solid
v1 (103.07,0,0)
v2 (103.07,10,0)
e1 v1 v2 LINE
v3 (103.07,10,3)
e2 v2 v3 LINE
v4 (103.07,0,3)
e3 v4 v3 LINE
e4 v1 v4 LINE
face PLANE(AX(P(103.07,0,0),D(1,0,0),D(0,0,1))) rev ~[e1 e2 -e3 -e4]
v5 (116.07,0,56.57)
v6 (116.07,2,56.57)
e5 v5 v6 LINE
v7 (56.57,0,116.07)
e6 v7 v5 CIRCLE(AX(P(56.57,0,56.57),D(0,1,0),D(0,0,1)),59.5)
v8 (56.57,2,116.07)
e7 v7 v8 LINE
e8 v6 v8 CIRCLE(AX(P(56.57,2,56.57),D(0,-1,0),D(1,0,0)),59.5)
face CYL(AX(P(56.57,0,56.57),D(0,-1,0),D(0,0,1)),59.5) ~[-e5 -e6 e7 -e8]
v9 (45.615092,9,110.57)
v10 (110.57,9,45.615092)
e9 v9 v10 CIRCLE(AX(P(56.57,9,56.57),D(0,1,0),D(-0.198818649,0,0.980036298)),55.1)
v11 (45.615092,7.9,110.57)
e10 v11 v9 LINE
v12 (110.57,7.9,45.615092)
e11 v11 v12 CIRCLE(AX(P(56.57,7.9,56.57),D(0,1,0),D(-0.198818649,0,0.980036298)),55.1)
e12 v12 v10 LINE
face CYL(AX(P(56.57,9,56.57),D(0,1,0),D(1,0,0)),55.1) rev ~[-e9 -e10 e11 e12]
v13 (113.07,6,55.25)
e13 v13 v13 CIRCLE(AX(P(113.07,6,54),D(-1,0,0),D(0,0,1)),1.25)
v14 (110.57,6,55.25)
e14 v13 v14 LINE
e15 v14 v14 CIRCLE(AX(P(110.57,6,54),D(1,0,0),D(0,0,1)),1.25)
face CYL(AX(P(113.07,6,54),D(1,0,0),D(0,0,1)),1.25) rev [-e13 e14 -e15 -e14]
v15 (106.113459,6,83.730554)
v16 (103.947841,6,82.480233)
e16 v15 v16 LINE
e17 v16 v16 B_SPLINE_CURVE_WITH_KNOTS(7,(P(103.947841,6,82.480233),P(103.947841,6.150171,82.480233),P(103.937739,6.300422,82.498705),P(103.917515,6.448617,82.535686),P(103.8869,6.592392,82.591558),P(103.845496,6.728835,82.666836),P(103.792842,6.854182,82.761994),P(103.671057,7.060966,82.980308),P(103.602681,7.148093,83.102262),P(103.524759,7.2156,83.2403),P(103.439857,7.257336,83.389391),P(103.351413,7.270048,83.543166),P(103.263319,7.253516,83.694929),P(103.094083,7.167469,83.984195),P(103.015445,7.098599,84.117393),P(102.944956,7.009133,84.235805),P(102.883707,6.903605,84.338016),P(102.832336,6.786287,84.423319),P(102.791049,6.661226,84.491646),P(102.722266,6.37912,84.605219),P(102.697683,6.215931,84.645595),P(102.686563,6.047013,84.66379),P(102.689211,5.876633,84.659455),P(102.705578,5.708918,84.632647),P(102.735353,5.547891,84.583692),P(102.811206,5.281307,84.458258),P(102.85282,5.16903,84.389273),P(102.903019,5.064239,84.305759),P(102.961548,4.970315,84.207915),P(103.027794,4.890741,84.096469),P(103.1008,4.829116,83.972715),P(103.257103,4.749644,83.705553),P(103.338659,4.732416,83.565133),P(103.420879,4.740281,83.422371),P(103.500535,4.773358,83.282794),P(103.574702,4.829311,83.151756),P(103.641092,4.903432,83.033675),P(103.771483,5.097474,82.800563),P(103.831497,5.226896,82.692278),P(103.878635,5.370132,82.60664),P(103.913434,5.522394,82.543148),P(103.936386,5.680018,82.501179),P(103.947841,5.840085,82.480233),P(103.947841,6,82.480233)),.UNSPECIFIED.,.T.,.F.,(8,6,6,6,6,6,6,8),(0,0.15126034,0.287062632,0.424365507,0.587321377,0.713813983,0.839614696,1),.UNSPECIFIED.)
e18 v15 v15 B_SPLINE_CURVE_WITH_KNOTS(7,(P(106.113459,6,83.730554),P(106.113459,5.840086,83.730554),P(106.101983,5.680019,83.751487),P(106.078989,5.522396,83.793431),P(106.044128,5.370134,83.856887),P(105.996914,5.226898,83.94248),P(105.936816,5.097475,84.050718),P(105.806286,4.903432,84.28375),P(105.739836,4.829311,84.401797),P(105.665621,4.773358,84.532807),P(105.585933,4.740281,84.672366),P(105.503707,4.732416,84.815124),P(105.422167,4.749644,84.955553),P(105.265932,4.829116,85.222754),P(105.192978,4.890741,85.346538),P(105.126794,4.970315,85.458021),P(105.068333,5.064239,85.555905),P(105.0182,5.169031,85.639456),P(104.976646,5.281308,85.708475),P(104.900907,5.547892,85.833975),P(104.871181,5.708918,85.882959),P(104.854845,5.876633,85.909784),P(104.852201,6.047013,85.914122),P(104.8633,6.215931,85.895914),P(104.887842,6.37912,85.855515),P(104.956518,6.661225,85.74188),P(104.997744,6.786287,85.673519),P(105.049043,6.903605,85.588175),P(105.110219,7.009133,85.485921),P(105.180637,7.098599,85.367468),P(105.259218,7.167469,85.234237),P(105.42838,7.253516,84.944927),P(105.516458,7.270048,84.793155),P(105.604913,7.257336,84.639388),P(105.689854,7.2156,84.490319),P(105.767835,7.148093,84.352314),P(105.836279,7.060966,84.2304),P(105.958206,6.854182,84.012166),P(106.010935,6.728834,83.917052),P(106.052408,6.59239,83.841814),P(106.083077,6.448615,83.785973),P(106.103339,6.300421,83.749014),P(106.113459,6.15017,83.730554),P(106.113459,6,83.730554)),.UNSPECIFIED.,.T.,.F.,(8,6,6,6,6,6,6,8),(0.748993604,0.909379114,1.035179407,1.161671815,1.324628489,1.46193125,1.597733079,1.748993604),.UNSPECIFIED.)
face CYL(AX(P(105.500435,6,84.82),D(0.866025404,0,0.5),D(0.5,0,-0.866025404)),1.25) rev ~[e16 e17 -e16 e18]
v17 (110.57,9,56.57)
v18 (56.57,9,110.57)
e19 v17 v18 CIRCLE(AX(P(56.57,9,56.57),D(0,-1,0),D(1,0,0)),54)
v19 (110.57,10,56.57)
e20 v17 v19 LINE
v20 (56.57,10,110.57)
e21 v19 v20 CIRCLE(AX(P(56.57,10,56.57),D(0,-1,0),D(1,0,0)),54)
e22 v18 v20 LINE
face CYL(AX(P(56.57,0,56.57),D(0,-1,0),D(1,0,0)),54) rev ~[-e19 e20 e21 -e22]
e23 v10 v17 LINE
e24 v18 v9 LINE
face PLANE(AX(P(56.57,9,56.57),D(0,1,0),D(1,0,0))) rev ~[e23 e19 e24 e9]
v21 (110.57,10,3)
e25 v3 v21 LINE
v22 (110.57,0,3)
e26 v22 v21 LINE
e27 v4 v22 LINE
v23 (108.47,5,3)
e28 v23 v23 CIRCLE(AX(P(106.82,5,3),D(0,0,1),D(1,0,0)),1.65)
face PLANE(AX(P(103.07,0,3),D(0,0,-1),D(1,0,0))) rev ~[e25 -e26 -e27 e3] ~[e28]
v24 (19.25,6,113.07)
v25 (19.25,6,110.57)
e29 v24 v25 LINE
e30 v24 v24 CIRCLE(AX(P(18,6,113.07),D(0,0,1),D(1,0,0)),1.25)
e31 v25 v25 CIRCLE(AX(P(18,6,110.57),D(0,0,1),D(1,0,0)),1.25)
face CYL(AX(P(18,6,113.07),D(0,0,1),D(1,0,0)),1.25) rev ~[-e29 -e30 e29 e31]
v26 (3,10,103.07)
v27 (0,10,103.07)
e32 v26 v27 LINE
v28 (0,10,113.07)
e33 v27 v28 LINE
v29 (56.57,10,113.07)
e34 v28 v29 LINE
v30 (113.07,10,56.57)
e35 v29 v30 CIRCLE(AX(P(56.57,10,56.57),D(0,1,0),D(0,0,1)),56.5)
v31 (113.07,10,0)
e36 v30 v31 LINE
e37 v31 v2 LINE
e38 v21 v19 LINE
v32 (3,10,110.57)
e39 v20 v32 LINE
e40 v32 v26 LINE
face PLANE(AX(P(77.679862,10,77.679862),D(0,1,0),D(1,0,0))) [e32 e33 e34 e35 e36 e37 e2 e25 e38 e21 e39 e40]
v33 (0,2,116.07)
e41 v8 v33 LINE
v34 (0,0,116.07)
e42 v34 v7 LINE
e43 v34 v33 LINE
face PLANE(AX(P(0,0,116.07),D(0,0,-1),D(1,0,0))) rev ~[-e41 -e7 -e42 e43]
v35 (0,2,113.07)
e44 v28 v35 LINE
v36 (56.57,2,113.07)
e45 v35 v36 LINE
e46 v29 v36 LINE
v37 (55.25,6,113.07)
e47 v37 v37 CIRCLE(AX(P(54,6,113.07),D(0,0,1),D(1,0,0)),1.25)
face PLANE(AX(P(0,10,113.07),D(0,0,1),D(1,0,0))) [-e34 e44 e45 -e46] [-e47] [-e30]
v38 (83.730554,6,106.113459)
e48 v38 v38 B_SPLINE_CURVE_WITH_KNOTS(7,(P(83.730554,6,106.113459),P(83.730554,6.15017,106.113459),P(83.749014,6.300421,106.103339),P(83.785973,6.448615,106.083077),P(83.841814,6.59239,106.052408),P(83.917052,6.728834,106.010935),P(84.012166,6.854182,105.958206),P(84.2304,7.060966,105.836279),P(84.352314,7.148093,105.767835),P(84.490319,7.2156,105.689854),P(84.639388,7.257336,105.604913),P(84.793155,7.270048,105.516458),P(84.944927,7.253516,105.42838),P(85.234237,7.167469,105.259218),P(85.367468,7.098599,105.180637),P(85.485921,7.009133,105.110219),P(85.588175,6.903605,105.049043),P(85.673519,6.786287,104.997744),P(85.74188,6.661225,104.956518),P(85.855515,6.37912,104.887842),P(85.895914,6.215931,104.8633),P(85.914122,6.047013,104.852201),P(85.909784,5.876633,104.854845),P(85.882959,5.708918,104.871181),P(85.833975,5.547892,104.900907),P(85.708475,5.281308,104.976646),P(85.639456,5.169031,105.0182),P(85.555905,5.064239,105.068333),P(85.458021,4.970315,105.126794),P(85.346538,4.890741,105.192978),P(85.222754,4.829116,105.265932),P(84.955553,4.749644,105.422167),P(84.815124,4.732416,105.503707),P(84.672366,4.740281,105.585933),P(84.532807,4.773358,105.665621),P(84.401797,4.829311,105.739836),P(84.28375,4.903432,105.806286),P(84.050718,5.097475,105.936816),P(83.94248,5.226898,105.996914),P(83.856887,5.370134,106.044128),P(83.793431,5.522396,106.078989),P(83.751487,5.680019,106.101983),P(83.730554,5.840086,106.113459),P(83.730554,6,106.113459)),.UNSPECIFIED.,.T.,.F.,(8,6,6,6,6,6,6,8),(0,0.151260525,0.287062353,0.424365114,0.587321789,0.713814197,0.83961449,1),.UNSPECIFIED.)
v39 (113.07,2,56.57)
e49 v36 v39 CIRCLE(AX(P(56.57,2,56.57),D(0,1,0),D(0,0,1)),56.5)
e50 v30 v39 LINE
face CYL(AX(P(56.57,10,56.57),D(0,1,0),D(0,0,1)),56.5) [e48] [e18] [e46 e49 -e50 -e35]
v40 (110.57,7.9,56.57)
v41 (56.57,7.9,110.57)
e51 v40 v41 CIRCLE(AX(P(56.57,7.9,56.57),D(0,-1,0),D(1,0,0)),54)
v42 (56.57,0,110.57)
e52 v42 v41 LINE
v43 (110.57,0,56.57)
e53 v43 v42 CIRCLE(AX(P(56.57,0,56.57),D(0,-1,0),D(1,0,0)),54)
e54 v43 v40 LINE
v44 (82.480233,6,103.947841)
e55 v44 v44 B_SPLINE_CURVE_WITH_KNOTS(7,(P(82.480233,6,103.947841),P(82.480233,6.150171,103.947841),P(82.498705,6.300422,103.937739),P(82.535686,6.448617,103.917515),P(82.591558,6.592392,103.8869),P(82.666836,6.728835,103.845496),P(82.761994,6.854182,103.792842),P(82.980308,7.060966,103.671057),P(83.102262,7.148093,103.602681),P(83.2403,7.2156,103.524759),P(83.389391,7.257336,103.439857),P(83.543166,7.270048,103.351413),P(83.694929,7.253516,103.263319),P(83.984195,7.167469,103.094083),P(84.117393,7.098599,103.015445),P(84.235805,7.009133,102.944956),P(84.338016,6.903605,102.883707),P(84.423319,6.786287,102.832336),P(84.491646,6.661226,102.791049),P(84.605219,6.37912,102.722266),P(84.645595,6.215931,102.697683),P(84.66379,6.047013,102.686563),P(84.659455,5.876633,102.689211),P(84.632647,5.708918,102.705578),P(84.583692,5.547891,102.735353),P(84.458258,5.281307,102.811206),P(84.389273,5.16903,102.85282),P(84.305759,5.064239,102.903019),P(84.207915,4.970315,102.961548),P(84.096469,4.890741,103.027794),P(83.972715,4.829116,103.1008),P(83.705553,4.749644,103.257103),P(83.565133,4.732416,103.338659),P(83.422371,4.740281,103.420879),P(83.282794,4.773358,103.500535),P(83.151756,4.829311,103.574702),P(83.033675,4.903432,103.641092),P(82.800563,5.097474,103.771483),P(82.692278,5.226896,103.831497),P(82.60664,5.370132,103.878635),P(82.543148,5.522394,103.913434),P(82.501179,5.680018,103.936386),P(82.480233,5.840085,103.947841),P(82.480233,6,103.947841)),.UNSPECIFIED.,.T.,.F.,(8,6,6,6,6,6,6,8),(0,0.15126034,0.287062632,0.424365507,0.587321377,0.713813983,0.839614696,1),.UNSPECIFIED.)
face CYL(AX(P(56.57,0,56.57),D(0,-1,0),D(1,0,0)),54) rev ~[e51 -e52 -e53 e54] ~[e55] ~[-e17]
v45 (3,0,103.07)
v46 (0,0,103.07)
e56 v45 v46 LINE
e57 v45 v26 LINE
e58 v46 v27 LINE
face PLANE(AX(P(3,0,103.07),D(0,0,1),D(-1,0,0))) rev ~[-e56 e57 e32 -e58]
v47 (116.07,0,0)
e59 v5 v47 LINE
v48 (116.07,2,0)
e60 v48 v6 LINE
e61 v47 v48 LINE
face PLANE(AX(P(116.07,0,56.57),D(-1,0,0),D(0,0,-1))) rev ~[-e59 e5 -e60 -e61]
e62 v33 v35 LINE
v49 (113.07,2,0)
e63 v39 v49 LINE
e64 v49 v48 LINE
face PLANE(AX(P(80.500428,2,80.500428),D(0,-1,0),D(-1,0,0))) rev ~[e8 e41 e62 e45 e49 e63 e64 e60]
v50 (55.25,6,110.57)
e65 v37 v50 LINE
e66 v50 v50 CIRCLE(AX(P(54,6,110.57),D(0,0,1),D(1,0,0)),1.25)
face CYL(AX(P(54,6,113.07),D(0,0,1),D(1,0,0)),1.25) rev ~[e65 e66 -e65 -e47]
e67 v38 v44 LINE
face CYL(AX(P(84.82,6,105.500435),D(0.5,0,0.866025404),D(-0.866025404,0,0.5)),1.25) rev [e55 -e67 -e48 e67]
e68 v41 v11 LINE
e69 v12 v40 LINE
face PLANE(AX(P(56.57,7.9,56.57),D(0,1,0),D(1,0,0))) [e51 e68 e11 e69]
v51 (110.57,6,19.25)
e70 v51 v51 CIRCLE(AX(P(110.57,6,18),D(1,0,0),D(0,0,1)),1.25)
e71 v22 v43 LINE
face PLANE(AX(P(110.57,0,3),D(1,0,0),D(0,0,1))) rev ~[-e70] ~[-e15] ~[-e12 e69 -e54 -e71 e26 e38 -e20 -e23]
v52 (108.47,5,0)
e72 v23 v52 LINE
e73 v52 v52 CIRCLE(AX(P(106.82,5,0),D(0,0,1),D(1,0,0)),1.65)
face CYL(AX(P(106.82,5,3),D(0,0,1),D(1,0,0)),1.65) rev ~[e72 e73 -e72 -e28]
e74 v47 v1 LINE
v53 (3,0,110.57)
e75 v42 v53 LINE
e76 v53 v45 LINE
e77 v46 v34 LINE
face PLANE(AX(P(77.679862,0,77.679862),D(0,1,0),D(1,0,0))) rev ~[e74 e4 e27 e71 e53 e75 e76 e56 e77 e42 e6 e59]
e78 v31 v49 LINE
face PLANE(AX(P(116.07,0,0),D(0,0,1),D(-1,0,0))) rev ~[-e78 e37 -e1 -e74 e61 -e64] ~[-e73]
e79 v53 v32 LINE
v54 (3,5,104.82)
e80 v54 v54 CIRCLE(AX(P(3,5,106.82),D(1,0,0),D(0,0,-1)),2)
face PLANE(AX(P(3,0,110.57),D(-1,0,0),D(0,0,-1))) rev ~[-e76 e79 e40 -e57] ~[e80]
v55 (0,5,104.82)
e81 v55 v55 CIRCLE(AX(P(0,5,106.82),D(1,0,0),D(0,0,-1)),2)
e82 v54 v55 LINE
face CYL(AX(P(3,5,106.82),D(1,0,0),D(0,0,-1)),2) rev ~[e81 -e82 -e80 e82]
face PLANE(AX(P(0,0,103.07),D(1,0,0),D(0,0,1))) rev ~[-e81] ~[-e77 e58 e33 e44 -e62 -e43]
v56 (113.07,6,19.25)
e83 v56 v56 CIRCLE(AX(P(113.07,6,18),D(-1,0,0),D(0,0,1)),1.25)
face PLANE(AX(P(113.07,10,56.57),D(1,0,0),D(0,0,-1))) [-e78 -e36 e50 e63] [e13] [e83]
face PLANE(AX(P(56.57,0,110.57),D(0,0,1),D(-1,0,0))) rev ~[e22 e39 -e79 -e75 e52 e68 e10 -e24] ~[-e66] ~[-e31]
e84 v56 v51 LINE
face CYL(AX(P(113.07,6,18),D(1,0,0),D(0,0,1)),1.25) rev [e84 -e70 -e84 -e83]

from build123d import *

# Parameters (mm, degrees)
BOSS_EXTRUDE1_DEPTH = 10
CUT_EXTRUDE1_START  = -1
SKETCH2_R           = 55.1
CUT_EXTRUDE1_DEPTH  = 1.1
CUT_EXTRUDE2_DEPTH  = 8
SKETCH4_R           = 2
CUT_EXTRUDE3_DEPTH  = 4
SKETCH5_R           = 1.65
CUT_EXTRUDE4_DEPTH  = 4
SKETCH7_R           = 1.25
CUT_EXTRUDE5_DEPTH  = 114.07
SKETCH9_R           = 1.25
CUT_EXTRUDE6_DEPTH  = 134.776057092


with BuildPart() as part:
    # Sketch1 → Boss-Extrude1 (new body)
    with BuildSketch(Plane(origin=(0, 0, 0), x_dir=(1, 0, 0), z_dir=(0, 1, 0))):
        with BuildLine():
            Line((0, -116.07), (56.57, -116.07))
            ThreePointArc((56.57, -116.07), (98.642853481, -98.642853481), (116.07, -56.57))
            Line((116.07, -56.57), (116.07, 0))
            Line((116.07, 0), (103.07, 0))
            Line((103.07, 0), (103.07, -3))
            Line((103.07, -3), (110.57, -3))
            Line((110.57, -3), (110.57, -56.57))
            ThreePointArc((110.57, -56.57), (94.753766184, -94.753766184), (56.57, -110.57))
            Line((56.57, -110.57), (3, -110.57))
            Line((3, -110.57), (3, -103.07))
            Line((3, -103.07), (0, -103.07))
            Line((0, -103.07), (0, -116.07))
        make_face()
    extrude(amount=BOSS_EXTRUDE1_DEPTH)

    # Sketch2 → Cut-Extrude1 (cut)
    with BuildSketch(Plane(origin=(0, 10, 0), x_dir=(1, 0, 0), z_dir=(0, 1, 0)).offset(CUT_EXTRUDE1_START)):
        with Locations((56.57, -56.57)):
            Circle(SKETCH2_R)
    extrude(amount=-CUT_EXTRUDE1_DEPTH, mode=Mode.SUBTRACT)

    # Sketch3 → Cut-Extrude2 (cut)
    with BuildSketch(Plane(origin=(0, 10, 0), x_dir=(1, 0, 0), z_dir=(0, 1, 0))):
        with BuildLine():
            Line((113.07, -56.57), (113.07, 0))
            Line((113.07, 0), (116.07, 0))
            Line((116.07, 0), (116.07, -56.57))
            ThreePointArc((116.07, -56.57), (98.642853481, -98.642853481), (56.57, -116.07))
            Line((56.57, -116.07), (0, -116.07))
            Line((0, -116.07), (0, -113.07))
            Line((0, -113.07), (56.57, -113.07))
            ThreePointArc((56.57, -113.07), (96.521533137, -96.521533137), (113.07, -56.57))
        make_face()
    extrude(amount=-CUT_EXTRUDE2_DEPTH, mode=Mode.SUBTRACT)

    # Sketch4 → Cut-Extrude3 (cut, through all)
    with BuildSketch(Plane(origin=(3, 0, 0), x_dir=(0, 0, -1), z_dir=(1, 0, 0))):
        with Locations((-106.82, 5)):
            Circle(SKETCH4_R)
    extrude(amount=-CUT_EXTRUDE3_DEPTH, mode=Mode.SUBTRACT)

    # Sketch5 → Cut-Extrude4 (cut, through all)
    with BuildSketch(Plane.XY.offset(3)):
        with Locations((106.82, 5)):
            Circle(SKETCH5_R)
    extrude(amount=-CUT_EXTRUDE4_DEPTH, mode=Mode.SUBTRACT)

    # Sketch7 → Cut-Extrude5 (cut, through all)
    with BuildSketch(Plane.XY.offset(113.07)):
        with Locations((18, 6)):
            Circle(SKETCH7_R)
        with Locations((54, 6)):
            Circle(SKETCH7_R)
    cut_extrude5 = extrude(amount=-CUT_EXTRUDE5_DEPTH, mode=Mode.SUBTRACT)

    # Sketch9 → Cut-Extrude6 (cut, through all)
    with BuildSketch(Plane(origin=(66.888028546, 0, 115.85346386), x_dir=(-0.866025404, 0, 0.5), z_dir=(-0.5, 0, -0.866025404))):
        with Locations((-20.706057092, 6)):
            Circle(SKETCH9_R)
    cut_extrude6 = extrude(amount=CUT_EXTRUDE6_DEPTH, mode=Mode.SUBTRACT)

    # Mirror1: Cut-Extrude5, Cut-Extrude6 across plane
    add(cut_extrude5.mirror(Plane(origin=(0, 0, 0), x_dir=(0.707106781, 0, 0.707106781), z_dir=(-0.707106781, 0, 0.707106781))), mode=Mode.SUBTRACT)
    add(cut_extrude6.mirror(Plane(origin=(0, 0, 0), x_dir=(0.707106781, 0, 0.707106781), z_dir=(-0.707106781, 0, 0.707106781))), mode=Mode.SUBTRACT)


solid = part.part
